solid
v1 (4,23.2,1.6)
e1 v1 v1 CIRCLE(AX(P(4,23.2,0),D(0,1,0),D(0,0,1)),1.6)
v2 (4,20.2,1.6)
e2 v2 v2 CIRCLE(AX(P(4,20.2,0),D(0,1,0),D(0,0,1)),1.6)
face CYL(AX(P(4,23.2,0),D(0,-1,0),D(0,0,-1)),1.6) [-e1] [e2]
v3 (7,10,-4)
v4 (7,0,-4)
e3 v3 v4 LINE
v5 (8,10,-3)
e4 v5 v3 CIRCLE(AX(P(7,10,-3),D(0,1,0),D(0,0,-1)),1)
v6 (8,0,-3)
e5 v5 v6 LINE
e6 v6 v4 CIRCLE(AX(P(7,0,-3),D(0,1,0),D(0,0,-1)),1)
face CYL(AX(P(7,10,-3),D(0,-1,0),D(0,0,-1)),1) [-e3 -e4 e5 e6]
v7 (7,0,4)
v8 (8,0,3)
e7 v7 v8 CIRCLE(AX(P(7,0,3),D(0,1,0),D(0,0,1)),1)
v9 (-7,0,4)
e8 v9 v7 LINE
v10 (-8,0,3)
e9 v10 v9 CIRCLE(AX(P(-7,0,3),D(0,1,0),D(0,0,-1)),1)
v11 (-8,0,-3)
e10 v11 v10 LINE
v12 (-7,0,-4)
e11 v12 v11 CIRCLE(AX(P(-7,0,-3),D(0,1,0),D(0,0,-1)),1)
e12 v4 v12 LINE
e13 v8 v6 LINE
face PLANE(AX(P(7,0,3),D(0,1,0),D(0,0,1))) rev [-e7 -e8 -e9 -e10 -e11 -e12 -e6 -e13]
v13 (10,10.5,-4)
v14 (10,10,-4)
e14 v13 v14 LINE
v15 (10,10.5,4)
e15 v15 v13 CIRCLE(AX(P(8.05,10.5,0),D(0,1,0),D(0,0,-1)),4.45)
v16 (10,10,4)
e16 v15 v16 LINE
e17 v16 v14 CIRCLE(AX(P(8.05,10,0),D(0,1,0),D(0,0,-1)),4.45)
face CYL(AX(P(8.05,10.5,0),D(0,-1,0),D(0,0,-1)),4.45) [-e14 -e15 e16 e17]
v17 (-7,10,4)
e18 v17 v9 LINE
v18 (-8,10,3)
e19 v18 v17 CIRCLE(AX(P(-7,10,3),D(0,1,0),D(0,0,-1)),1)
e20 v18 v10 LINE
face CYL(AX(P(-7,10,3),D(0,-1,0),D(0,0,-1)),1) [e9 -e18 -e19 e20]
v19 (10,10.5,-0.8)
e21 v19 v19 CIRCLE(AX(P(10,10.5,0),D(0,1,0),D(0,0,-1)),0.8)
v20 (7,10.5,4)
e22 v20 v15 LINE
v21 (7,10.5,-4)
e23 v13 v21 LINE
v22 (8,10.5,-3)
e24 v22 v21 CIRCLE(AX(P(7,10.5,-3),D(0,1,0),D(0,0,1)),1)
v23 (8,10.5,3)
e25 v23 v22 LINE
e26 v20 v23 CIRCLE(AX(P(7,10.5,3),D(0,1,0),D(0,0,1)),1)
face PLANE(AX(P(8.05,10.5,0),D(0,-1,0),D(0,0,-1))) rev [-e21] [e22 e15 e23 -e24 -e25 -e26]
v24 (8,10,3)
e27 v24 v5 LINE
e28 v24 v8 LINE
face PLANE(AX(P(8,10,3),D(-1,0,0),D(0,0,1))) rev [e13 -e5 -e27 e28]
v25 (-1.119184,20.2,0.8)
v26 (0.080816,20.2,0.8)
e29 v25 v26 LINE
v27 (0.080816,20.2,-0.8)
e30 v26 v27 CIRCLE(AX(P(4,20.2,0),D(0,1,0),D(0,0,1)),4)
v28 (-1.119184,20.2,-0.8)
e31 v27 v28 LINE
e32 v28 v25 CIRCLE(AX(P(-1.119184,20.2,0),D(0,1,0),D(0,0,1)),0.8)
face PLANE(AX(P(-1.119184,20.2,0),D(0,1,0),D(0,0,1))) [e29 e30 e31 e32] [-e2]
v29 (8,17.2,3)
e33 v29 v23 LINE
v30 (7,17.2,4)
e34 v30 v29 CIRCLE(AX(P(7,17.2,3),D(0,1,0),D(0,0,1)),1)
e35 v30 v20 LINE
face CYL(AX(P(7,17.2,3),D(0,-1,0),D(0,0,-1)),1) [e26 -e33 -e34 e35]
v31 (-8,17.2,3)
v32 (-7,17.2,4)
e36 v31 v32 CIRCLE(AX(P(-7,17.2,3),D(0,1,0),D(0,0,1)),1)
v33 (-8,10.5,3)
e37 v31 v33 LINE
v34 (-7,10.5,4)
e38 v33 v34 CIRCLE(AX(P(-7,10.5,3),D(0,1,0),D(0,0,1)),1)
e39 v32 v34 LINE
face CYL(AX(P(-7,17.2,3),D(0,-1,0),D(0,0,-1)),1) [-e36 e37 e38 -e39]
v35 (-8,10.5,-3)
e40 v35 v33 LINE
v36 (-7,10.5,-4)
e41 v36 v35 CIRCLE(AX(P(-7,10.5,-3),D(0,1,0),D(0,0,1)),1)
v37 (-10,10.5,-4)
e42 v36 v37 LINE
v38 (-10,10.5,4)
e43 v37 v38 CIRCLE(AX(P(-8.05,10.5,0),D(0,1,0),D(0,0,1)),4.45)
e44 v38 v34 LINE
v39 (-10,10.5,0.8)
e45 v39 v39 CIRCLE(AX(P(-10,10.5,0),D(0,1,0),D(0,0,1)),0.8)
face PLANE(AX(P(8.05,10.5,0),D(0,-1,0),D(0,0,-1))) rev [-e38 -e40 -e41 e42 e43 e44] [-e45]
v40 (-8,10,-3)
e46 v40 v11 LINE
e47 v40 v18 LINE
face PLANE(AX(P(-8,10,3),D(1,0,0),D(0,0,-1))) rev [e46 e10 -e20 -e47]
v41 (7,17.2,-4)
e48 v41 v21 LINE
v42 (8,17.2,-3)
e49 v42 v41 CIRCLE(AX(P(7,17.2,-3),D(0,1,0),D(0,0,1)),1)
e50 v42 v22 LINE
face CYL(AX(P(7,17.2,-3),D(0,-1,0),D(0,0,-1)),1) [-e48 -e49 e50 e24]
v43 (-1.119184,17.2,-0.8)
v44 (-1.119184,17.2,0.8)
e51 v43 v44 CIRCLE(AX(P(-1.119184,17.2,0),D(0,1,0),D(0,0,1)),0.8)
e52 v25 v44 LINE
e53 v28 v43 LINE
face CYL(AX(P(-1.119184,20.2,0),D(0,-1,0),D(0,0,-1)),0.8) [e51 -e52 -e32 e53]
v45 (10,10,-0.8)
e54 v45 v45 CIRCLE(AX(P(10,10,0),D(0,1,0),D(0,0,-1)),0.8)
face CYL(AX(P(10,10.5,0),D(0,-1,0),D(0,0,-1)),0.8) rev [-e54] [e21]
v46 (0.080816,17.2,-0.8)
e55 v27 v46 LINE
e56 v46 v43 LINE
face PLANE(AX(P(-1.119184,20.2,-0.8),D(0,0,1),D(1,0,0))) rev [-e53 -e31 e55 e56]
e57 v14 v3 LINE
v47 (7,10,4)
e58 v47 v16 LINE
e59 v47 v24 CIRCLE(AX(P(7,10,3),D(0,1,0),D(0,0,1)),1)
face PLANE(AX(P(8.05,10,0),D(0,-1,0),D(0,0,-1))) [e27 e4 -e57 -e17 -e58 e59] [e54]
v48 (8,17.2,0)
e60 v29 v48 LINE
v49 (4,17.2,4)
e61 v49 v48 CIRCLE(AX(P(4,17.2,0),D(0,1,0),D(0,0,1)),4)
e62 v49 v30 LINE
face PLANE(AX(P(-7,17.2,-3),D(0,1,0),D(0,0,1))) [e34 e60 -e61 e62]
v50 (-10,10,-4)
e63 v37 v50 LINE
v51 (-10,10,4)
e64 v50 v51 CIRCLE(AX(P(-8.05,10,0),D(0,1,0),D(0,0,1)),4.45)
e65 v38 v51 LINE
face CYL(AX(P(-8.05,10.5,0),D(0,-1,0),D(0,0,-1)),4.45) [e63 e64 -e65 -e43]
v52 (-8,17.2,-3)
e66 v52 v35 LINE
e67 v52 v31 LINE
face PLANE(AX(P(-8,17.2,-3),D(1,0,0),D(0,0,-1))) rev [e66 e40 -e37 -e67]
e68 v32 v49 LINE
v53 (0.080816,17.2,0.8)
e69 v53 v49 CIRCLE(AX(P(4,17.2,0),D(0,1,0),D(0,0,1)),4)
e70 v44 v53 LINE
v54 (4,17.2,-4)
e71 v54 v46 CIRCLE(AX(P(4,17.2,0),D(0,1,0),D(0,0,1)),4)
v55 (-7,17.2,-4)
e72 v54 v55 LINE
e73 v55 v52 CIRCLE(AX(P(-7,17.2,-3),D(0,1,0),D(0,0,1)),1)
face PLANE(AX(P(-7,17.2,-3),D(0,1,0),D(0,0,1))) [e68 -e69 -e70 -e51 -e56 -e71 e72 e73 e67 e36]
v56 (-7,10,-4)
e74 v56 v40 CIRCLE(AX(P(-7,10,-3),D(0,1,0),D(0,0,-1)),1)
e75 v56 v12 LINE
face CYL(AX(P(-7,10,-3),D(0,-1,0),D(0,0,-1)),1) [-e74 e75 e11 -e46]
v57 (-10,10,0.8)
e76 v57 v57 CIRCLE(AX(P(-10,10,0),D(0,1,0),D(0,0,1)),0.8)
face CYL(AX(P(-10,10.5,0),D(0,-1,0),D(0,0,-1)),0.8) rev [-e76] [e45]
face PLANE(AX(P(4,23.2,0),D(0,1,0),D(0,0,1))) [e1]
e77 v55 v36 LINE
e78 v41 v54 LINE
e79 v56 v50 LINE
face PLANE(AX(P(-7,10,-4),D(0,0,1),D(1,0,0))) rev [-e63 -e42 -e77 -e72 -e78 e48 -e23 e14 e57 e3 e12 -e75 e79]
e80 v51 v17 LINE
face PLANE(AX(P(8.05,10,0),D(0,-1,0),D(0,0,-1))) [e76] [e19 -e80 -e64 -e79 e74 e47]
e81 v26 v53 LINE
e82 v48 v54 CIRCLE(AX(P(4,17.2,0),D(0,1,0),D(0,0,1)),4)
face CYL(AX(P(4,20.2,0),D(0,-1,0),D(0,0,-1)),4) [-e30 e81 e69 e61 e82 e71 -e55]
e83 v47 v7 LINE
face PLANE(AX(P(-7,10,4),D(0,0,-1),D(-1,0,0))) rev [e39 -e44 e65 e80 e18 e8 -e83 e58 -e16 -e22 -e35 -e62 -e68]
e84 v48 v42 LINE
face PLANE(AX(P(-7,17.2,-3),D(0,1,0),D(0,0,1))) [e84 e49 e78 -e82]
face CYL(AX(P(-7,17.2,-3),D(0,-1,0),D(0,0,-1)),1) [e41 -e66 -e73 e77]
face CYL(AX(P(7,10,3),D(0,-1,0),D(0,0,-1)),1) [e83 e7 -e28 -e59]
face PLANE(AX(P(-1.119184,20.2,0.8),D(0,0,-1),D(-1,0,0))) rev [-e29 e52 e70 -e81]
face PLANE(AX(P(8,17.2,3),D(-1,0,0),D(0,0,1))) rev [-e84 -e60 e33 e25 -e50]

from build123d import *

# Parameters (mm, degrees)
EXTRUDE_1_DEPTH = 10
SKETCH_2_R      = 0.8
EXTRUDE_2_DEPTH = 0.5
EXTRUDE_3_DEPTH = 6.7
EXTRUDE_4_DEPTH = 3
SKETCH_5_R      = 1.6
EXTRUDE_5_DEPTH = 3


with BuildPart() as part:
    # 草图1 → 凸台-拉伸1 (new body)
    with BuildSketch(Plane(origin=(0, 0, 0), x_dir=(1, 0, 0), z_dir=(0, 1, 0))):
        with BuildLine():
            Line((-7, -4), (7, -4))
            ThreePointArc((7, -4), (7.707106781, -3.707106781), (8, -3))
            Line((8, -3), (8, 3))
            ThreePointArc((8, 3), (7.707106781, 3.707106781), (7, 4))
            Line((7, 4), (-7, 4))
            ThreePointArc((-7, 4), (-7.707106781, 3.707106781), (-8, 3))
            Line((-8, 3), (-8, -3))
            ThreePointArc((-8, -3), (-7.707106781, -3.707106781), (-7, -4))
        make_face()
    extrude(amount=EXTRUDE_1_DEPTH)

    # 草图2 → 凸台-拉伸2 (add)
    with BuildSketch(Plane(origin=(0, 10, 0), x_dir=(1, 0, 0), z_dir=(0, 1, 0))):
        with BuildLine():
            Line((-10, -4), (10, -4))
            ThreePointArc((10, -4), (12.5, 0), (10, 4))
            Line((10, 4), (-10, 4))
            ThreePointArc((-10, 4), (-12.5, 0), (-10, -4))
        make_face()
        with Locations(Location((-10, 0, 0), (0, 0, 270))):
            Circle(SKETCH_2_R, mode=Mode.SUBTRACT)
        with Locations(Location((10, 0, 0), (0, 0, 90))):
            Circle(SKETCH_2_R, mode=Mode.SUBTRACT)
    extrude(amount=EXTRUDE_2_DEPTH)

    # 草图3 → 凸台-拉伸3 (add)
    with BuildSketch(Plane(origin=(0, 10.5, 0), x_dir=(1, 0, 0), z_dir=(0, 1, 0))):
        with BuildLine():
            Line((7, 4), (-7, 4))
            ThreePointArc((-7, 4), (-7.707106781, 3.707106781), (-8, 3))
            Line((-8, 3), (-8, -3))
            ThreePointArc((-8, -3), (-7.707106781, -3.707106781), (-7, -4))
            Line((-7, -4), (7, -4))
            ThreePointArc((7, -4), (7.707106781, -3.707106781), (8, -3))
            Line((8, -3), (8, 3))
            ThreePointArc((8, 3), (7.707106781, 3.707106781), (7, 4))
        make_face()
    extrude(amount=EXTRUDE_3_DEPTH)

    # 草图4 → 凸台-拉伸4 (add)
    with BuildSketch(Plane(origin=(0, 17.2, 0), x_dir=(1, 0, 0), z_dir=(0, 1, 0))):
        with BuildLine():
            Line((-1.119183588, 0.8), (0.080816412, 0.8))
            ThreePointArc((0.080816412, 0.8), (8, 0), (0.080816412, -0.8))
            Line((0.080816412, -0.8), (-1.119183588, -0.8))
            ThreePointArc((-1.119183588, -0.8), (-1.919183588, 0), (-1.119183588, 0.8))
        make_face()
    extrude(amount=EXTRUDE_4_DEPTH)

    # 草图5 → 凸台-拉伸5 (add)
    with BuildSketch(Plane(origin=(0, 20.2, 0), x_dir=(1, 0, 0), z_dir=(0, 1, 0))):
        with Locations(Location((4, 0, 0), (0, 0, 270))):
            Circle(SKETCH_5_R)
    extrude(amount=EXTRUDE_5_DEPTH)


solid = part.part
